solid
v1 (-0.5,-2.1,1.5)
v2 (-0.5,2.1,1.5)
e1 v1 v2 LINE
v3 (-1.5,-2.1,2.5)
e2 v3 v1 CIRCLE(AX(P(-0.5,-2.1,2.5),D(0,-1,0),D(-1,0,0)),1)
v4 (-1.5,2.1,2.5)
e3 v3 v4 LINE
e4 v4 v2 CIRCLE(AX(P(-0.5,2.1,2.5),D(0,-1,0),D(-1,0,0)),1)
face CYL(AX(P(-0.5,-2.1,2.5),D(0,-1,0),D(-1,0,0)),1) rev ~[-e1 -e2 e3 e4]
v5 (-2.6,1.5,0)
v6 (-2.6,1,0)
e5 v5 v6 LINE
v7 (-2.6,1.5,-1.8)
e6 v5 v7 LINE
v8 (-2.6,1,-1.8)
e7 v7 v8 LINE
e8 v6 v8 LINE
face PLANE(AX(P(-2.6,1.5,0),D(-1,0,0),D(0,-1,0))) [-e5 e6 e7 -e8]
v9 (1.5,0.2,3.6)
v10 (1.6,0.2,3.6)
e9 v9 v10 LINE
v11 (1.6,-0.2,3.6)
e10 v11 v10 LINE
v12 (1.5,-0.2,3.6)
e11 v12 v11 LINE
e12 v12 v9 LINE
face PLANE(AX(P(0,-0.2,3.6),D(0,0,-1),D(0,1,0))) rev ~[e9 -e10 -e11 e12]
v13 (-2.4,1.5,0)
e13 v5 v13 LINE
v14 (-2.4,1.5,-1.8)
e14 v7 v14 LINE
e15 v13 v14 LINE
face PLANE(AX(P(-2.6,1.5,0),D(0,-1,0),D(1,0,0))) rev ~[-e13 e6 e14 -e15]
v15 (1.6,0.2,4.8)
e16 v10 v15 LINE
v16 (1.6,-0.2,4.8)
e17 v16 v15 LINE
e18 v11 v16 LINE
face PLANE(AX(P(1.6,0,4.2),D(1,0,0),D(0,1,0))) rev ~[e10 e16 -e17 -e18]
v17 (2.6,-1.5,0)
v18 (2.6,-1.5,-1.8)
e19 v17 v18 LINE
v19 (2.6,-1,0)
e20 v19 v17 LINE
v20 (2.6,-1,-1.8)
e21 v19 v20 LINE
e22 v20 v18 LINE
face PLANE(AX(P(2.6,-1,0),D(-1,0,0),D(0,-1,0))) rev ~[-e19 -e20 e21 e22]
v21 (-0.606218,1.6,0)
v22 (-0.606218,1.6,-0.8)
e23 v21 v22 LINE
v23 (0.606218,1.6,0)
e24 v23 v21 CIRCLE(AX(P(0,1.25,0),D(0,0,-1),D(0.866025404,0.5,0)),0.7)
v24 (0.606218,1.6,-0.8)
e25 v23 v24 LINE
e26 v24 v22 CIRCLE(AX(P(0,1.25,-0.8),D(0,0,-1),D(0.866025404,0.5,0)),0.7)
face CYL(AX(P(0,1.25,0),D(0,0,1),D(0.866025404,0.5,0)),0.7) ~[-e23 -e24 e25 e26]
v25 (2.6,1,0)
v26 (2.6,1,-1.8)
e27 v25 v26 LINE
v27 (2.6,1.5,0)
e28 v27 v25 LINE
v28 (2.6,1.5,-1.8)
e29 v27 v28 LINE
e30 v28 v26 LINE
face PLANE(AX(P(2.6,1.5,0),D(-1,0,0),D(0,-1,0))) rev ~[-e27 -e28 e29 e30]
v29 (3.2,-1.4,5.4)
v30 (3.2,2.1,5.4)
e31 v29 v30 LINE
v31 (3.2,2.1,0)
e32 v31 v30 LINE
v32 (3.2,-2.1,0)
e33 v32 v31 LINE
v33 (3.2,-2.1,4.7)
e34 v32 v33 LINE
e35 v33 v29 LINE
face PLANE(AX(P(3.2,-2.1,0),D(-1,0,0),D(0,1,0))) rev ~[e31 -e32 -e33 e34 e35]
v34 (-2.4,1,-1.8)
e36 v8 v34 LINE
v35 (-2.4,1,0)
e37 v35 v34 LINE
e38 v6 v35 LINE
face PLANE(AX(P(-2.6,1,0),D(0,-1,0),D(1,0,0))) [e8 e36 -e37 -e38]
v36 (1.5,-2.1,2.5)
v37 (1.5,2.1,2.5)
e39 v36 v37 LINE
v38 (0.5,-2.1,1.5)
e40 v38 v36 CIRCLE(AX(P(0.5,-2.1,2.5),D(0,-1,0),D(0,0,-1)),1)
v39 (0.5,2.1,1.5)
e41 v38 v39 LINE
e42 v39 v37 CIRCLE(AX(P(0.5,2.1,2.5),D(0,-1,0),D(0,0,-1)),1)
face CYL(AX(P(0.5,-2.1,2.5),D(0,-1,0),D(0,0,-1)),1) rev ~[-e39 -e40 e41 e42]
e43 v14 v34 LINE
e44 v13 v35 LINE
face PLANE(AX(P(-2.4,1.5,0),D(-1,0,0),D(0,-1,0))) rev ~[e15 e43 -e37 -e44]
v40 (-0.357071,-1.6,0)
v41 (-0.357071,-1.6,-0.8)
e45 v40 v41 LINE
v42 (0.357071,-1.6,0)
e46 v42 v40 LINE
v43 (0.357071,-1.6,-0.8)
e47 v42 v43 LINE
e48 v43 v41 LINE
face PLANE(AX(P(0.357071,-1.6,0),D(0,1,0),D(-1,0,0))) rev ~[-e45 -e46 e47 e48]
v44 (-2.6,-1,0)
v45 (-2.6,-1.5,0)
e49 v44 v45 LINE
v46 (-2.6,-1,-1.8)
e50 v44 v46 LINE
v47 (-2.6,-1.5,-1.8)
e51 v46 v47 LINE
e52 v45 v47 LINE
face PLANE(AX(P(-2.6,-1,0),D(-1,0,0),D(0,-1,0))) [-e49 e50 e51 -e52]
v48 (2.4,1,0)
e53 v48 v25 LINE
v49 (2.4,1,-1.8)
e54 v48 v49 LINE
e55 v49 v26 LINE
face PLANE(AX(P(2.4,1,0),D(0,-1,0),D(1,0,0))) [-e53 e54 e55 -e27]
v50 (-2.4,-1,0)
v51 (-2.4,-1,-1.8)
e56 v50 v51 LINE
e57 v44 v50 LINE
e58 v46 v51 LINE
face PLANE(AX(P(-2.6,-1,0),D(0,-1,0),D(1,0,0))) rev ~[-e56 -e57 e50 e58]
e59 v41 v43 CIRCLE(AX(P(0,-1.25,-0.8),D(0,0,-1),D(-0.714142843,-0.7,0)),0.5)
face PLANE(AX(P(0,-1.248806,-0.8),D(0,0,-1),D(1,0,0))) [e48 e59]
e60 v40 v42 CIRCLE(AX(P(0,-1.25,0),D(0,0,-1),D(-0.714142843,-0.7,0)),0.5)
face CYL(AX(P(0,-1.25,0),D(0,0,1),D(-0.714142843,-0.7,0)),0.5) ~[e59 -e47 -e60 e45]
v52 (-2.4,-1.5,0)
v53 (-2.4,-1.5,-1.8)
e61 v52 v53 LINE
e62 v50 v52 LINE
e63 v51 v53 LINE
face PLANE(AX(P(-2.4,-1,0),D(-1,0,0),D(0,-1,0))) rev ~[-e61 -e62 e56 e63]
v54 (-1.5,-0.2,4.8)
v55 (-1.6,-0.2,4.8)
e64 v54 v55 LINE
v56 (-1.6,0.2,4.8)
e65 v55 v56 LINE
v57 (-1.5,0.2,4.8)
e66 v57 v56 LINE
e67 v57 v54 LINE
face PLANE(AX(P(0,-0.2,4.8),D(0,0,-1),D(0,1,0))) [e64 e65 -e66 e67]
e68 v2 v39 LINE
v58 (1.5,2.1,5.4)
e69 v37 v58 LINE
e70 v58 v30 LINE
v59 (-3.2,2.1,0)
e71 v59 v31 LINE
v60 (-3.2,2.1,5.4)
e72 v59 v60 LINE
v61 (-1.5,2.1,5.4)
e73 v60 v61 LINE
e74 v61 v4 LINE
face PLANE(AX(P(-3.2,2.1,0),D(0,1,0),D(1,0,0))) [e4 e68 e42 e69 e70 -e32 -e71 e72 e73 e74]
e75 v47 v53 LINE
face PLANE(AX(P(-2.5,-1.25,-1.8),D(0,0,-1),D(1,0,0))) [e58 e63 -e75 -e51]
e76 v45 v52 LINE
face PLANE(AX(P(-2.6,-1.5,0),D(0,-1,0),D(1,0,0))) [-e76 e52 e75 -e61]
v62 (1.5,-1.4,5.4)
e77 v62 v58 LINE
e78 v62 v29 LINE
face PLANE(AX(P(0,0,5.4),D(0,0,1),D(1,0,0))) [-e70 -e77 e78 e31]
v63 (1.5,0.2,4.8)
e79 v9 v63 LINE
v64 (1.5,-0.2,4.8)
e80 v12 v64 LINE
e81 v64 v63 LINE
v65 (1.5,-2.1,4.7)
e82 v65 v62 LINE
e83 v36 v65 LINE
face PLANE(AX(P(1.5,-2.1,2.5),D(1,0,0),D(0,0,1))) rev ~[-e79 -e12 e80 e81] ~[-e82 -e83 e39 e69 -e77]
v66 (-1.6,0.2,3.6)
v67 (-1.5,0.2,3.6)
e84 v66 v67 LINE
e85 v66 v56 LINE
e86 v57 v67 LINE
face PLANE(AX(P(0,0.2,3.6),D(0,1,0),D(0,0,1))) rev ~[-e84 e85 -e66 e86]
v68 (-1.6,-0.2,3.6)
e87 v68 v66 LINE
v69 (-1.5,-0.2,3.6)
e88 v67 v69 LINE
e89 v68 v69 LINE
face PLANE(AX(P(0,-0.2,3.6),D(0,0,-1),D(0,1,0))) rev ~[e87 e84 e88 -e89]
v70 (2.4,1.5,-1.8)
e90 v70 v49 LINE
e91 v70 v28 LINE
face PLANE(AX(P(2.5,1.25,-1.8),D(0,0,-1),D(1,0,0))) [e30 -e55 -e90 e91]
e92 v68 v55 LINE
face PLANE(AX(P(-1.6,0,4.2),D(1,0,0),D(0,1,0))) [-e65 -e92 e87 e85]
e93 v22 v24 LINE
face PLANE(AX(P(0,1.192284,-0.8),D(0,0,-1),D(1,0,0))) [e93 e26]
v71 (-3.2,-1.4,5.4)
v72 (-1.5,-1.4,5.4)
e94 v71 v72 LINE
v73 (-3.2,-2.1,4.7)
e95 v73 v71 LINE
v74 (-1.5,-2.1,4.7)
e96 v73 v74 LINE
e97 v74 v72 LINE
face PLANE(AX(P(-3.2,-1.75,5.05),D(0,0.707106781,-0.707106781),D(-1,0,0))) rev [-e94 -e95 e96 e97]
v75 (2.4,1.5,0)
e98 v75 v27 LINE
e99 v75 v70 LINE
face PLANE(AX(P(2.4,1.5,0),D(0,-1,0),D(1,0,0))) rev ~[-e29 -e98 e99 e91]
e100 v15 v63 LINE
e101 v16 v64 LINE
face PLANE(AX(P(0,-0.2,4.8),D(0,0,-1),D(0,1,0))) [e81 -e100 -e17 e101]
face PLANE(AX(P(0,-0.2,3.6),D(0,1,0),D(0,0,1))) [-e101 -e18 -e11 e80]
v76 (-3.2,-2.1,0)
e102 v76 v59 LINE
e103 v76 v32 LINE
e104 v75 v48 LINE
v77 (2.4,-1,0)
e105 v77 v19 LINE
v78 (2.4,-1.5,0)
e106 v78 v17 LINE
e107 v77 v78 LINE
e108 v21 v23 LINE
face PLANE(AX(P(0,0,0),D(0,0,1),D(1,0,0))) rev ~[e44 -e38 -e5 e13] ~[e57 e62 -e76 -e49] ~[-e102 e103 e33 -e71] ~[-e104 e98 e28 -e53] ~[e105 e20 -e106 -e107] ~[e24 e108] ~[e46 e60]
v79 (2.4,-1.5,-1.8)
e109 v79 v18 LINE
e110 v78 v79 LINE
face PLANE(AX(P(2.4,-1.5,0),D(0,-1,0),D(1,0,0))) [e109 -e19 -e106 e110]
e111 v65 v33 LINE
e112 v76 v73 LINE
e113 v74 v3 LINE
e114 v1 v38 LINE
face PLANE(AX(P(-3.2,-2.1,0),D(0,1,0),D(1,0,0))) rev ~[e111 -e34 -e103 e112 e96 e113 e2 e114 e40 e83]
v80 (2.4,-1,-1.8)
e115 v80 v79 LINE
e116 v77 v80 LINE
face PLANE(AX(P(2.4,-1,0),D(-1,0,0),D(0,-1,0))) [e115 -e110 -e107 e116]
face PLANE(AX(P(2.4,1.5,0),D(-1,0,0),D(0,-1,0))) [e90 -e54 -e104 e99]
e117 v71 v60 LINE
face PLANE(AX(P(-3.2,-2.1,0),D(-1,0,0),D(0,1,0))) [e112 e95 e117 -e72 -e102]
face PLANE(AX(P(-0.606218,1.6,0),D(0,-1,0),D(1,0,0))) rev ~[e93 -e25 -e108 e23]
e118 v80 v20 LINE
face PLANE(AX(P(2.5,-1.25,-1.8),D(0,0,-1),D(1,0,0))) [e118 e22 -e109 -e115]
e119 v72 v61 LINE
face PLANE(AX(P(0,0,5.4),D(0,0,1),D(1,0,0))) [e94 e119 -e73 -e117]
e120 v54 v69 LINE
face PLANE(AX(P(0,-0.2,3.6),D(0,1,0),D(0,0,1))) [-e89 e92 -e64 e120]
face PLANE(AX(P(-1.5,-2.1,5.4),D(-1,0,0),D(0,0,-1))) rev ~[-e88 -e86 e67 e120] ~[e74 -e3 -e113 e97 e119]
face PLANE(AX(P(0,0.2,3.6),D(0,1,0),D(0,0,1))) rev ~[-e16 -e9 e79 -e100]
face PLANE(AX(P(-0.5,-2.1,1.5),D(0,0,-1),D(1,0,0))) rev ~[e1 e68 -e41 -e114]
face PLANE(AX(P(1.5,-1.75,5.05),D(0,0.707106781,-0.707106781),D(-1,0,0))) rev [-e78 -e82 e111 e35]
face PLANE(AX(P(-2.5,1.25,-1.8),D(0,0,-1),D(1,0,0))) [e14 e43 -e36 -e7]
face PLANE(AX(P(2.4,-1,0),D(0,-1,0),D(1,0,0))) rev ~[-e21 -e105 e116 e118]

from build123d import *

# Parameters (mm, degrees)
F0_W      = 6.4
F0_H      = 4.2
F1_DEPTH  = 5.4
F3_DEPTH  = 4.2
F4_SIZE   = 0.7
F5_W      = 0.4
F5_H      = 1.2
F6_DEPTH  = 1.6
F8_DEPTH  = 0.8
F9_W      = 0.2
F9_H      = 0.5
F10_DEPTH = 1.8


with BuildPart() as f1:
    # F0 (on Top) → F1 (new body)
    with BuildSketch(Plane.XY):
        Rectangle(F0_W, F0_H)
    extrude(amount=F1_DEPTH)

    # F2 (on face) → F3 (cut, through all)
    with BuildSketch(Plane.XZ.offset(2.1)):
        with BuildLine():
            Line((1.5, 2.5), (1.5, 5.4))
            Line((1.5, 5.4), (-1.5, 5.4))
            Line((-1.5, 5.4), (-1.5, 2.5))
            ThreePointArc((-1.5, 2.5), (-1.2071067812, 1.7928932188), (-0.5, 1.5))
            Line((-0.5, 1.5), (0.5, 1.5))
            ThreePointArc((0.5, 1.5), (1.2071067812, 1.7928932188), (1.5, 2.5))
        make_face()
    extrude(amount=-F3_DEPTH, mode=Mode.SUBTRACT)

    # F4
    f4_edges = [f1.edges().sort_by_distance(p)[0] for p in [
        (-2.35, -2.1, 5.4),
        (2.35, -2.1, 5.4),
    ]]
    chamfer(f4_edges, length=F4_SIZE)

    # F5 (on Right) → F6 (cut, symmetric)
    with BuildSketch(Plane.YZ):
        with Locations((0, 4.2)):
            Rectangle(F5_W, F5_H)
    extrude(amount=F6_DEPTH, both=True, mode=Mode.SUBTRACT)

    # F7 (on face) → F8 (join)
    with BuildSketch(Plane(origin=(0, 0, 0), x_dir=(1, 0, 0), z_dir=(0, 0, -1))):
        with BuildLine():
            Line((0.3570714214, 1.6), (-0.3570714214, 1.6))
            ThreePointArc((-0.3570714214, 1.6), (0, 0.75), (0.3570714214, 1.6))
        make_face()
        with BuildLine():
            Line((-0.6062177826, -1.6), (0.6062177826, -1.6))
            ThreePointArc((0.6062177826, -1.6), (0, -0.55), (-0.6062177826, -1.6))
        make_face()
    extrude(amount=F8_DEPTH)

    # F9 (on face) → F10 (join)
    with BuildSketch(Plane(origin=(0, 0, 0), x_dir=(1, 0, 0), z_dir=(0, 0, -1))):
        with Locations((-2.5, 1.25)):
            Rectangle(F9_W, F9_H)
        with Locations((-2.5, -1.25)):
            Rectangle(F9_W, F9_H)
        with Locations((2.5, 1.25)):
            Rectangle(F9_W, F9_H)
        with Locations((2.5, -1.25)):
            Rectangle(F9_W, F9_H)
    extrude(amount=F10_DEPTH)


solid = f1.part
